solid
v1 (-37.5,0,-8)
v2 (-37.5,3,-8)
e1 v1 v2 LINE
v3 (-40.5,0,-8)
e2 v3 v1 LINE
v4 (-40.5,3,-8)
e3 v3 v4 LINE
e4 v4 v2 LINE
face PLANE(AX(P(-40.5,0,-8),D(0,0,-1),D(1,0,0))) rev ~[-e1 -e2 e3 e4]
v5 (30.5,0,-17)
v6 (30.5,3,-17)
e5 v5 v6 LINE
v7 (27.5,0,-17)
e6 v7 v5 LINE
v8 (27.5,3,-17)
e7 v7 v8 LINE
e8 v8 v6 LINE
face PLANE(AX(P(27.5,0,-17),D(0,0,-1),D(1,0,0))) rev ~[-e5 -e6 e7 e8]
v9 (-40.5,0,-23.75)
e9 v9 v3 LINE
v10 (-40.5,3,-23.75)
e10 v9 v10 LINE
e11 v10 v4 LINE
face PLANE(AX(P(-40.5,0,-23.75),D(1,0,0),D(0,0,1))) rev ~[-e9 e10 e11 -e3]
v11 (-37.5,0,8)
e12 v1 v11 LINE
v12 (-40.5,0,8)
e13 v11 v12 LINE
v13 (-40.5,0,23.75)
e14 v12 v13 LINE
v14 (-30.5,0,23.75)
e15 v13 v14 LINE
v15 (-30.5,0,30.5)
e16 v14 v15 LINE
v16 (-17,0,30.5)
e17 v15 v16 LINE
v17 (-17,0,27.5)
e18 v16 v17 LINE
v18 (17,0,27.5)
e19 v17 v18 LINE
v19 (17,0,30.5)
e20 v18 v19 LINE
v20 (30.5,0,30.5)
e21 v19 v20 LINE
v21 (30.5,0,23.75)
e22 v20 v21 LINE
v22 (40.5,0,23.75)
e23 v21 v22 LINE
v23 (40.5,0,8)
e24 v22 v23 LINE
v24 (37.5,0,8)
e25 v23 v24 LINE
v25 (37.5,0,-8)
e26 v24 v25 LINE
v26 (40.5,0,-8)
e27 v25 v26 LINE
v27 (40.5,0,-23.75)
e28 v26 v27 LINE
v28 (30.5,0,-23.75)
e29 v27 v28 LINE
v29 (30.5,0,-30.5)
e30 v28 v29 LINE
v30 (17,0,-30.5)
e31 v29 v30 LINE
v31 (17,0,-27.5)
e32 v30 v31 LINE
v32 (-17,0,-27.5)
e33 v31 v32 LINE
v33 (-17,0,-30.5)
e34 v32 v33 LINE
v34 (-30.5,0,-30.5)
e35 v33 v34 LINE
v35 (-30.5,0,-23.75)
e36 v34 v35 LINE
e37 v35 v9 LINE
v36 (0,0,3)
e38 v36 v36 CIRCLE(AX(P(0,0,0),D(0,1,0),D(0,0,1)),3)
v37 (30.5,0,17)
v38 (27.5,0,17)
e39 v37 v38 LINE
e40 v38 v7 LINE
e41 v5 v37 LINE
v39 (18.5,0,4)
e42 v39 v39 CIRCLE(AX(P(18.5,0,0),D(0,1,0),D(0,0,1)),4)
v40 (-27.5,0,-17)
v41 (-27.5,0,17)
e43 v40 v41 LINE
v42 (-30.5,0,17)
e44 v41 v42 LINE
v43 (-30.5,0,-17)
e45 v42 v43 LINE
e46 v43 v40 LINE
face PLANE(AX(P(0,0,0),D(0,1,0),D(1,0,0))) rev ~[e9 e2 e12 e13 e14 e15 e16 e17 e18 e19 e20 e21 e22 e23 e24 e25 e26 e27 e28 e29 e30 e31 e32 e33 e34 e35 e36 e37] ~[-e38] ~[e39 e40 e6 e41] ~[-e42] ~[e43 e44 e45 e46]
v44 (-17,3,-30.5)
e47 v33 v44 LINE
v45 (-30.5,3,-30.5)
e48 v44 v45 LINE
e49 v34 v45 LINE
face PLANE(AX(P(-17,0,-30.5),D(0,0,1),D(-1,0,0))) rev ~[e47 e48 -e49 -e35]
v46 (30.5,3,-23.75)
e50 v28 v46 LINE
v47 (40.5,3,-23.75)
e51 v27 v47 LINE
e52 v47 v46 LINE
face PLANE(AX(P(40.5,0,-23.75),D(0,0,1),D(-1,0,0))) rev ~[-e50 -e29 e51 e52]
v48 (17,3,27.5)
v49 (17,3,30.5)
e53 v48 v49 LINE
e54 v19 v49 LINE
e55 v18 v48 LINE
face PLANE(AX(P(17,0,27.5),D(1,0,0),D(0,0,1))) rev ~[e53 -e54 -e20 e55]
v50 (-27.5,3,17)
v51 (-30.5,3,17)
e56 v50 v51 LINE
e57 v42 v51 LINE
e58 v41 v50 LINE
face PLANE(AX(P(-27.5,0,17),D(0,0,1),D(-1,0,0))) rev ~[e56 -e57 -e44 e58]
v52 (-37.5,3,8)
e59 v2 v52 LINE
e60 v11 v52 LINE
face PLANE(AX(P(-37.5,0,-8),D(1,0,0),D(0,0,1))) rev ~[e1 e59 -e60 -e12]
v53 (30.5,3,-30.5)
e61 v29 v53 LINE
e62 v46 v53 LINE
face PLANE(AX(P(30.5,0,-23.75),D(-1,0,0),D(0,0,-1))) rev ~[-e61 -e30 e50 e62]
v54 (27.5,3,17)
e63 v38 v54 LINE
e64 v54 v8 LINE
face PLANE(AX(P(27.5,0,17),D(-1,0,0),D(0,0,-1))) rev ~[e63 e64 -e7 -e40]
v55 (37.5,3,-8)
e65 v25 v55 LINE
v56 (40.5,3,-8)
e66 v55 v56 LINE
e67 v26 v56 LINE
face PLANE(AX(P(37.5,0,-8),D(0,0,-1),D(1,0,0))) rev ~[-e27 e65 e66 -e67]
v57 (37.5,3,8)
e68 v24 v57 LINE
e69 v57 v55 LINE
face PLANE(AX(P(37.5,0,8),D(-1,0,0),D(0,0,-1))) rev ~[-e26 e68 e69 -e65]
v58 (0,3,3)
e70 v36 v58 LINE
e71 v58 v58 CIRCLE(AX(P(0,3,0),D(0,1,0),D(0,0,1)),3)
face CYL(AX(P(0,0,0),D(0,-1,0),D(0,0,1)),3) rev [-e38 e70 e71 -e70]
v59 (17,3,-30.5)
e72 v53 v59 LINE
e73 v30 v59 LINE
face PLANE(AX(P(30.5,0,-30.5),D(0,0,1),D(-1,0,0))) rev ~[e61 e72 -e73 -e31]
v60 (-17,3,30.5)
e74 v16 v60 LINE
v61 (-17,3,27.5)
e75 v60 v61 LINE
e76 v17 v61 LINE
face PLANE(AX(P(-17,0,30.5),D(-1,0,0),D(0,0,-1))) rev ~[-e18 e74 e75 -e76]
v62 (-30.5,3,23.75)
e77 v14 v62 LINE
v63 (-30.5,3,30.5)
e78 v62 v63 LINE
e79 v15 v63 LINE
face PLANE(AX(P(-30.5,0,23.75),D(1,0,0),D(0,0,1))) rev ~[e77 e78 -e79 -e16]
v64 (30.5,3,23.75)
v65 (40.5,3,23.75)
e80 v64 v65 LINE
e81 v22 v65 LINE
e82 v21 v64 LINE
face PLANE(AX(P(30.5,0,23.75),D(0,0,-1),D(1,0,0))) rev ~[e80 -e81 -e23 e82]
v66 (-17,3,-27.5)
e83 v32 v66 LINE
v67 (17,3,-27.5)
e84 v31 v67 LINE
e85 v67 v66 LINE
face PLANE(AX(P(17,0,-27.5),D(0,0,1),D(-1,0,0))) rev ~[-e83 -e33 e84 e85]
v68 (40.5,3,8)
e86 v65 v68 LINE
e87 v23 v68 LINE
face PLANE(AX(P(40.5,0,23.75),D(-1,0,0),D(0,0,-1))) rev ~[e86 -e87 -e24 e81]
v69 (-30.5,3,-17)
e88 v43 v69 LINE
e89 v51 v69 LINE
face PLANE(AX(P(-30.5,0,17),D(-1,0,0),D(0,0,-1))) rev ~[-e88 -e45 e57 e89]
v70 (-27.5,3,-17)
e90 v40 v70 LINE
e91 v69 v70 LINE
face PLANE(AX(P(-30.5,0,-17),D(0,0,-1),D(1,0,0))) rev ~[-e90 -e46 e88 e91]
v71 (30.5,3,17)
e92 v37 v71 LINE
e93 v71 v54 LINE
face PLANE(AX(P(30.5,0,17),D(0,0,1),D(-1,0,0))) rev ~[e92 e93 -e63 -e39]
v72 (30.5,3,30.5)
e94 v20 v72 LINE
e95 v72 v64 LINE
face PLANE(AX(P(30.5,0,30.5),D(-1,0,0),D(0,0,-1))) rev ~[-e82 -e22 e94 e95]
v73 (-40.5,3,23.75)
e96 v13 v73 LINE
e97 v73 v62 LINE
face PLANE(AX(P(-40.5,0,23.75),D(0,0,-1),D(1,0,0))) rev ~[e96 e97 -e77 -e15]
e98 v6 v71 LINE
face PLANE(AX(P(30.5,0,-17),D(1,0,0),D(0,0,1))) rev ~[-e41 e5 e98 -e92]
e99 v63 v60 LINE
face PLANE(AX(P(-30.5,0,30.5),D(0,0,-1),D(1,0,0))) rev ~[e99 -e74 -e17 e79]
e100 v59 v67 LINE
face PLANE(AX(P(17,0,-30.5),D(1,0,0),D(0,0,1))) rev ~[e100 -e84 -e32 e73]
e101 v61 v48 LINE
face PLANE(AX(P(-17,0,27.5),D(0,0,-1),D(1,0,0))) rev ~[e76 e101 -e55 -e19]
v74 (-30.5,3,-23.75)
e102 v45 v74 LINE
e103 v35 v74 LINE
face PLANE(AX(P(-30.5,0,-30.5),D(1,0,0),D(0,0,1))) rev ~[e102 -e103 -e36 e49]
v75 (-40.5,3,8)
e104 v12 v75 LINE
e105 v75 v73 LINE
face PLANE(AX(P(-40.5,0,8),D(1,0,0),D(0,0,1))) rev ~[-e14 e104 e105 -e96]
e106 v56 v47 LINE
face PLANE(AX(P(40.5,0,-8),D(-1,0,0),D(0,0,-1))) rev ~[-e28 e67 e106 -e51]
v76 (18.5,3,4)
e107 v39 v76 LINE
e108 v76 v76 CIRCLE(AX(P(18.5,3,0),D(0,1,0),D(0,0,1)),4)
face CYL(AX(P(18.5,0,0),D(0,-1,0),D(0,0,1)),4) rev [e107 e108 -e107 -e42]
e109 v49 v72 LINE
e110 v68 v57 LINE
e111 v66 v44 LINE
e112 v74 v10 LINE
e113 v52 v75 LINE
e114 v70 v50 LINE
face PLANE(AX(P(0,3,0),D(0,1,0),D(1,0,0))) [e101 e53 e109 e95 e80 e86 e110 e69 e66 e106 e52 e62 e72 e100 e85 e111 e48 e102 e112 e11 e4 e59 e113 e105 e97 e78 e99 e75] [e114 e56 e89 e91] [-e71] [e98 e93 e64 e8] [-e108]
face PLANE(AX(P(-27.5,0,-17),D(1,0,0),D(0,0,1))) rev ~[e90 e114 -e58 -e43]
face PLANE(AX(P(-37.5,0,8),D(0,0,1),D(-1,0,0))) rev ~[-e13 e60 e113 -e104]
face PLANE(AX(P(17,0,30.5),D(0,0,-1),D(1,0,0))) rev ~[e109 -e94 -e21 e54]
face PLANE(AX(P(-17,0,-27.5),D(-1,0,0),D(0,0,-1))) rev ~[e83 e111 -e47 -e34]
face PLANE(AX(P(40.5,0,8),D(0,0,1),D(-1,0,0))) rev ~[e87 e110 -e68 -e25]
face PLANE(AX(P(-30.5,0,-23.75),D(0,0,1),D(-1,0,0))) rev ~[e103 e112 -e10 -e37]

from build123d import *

# Parameters (mm, degrees)
CROQUIS1_R              = 3
CROQUIS1_R_2            = 4
SALIENTE_EXTRUIR1_DEPTH = 3


with BuildPart() as part:
    # Croquis1 → Saliente-Extruir1 (new body)
    with BuildSketch(Plane(origin=(0, 0, 0), x_dir=(1, 0, 0), z_dir=(0, 1, 0))):
        Polygon((17, 27.5), (0, 27.5), (-17, 27.5), (-17, 30.5), (-23.75, 30.5), (-30.5, 30.5), (-30.5, 23.75), (-40.5, 23.75), (-40.5, 8), (-37.5, 8), (-37.5, 0), (-37.5, -8), (-40.5, -8), (-40.5, -23.75), (-30.5, -23.75), (-30.5, -30.5), (-23.75, -30.5), (-17, -30.5), (-17, -27.5), (0, -27.5), (17, -27.5), (17, -30.5), (23.75, -30.5), (30.5, -30.5), (30.5, -23.75), (40.5, -23.75), (40.5, -8), (37.5, -8), (37.5, 0), (37.5, 8), (40.5, 8), (40.5, 23.75), (30.5, 23.75), (30.5, 30.5), (23.75, 30.5), (17, 30.5), align=None)
        Polygon((30.5, 17), (30.5, -17), (27.5, -17), (27.5, 0), (27.5, 17), align=None, mode=Mode.SUBTRACT)
        Polygon((-27.5, 17), (-27.5, 0), (-27.5, -17), (-30.5, -17), (-30.5, 17), align=None, mode=Mode.SUBTRACT)
        with Locations(Location((0, 0, 0), (0, 0, 270))):
            Circle(CROQUIS1_R, mode=Mode.SUBTRACT)
        with Locations(Location((18.5, 0, 0), (0, 0, 270))):
            Circle(CROQUIS1_R_2, mode=Mode.SUBTRACT)
    extrude(amount=SALIENTE_EXTRUIR1_DEPTH)


solid = part.part
